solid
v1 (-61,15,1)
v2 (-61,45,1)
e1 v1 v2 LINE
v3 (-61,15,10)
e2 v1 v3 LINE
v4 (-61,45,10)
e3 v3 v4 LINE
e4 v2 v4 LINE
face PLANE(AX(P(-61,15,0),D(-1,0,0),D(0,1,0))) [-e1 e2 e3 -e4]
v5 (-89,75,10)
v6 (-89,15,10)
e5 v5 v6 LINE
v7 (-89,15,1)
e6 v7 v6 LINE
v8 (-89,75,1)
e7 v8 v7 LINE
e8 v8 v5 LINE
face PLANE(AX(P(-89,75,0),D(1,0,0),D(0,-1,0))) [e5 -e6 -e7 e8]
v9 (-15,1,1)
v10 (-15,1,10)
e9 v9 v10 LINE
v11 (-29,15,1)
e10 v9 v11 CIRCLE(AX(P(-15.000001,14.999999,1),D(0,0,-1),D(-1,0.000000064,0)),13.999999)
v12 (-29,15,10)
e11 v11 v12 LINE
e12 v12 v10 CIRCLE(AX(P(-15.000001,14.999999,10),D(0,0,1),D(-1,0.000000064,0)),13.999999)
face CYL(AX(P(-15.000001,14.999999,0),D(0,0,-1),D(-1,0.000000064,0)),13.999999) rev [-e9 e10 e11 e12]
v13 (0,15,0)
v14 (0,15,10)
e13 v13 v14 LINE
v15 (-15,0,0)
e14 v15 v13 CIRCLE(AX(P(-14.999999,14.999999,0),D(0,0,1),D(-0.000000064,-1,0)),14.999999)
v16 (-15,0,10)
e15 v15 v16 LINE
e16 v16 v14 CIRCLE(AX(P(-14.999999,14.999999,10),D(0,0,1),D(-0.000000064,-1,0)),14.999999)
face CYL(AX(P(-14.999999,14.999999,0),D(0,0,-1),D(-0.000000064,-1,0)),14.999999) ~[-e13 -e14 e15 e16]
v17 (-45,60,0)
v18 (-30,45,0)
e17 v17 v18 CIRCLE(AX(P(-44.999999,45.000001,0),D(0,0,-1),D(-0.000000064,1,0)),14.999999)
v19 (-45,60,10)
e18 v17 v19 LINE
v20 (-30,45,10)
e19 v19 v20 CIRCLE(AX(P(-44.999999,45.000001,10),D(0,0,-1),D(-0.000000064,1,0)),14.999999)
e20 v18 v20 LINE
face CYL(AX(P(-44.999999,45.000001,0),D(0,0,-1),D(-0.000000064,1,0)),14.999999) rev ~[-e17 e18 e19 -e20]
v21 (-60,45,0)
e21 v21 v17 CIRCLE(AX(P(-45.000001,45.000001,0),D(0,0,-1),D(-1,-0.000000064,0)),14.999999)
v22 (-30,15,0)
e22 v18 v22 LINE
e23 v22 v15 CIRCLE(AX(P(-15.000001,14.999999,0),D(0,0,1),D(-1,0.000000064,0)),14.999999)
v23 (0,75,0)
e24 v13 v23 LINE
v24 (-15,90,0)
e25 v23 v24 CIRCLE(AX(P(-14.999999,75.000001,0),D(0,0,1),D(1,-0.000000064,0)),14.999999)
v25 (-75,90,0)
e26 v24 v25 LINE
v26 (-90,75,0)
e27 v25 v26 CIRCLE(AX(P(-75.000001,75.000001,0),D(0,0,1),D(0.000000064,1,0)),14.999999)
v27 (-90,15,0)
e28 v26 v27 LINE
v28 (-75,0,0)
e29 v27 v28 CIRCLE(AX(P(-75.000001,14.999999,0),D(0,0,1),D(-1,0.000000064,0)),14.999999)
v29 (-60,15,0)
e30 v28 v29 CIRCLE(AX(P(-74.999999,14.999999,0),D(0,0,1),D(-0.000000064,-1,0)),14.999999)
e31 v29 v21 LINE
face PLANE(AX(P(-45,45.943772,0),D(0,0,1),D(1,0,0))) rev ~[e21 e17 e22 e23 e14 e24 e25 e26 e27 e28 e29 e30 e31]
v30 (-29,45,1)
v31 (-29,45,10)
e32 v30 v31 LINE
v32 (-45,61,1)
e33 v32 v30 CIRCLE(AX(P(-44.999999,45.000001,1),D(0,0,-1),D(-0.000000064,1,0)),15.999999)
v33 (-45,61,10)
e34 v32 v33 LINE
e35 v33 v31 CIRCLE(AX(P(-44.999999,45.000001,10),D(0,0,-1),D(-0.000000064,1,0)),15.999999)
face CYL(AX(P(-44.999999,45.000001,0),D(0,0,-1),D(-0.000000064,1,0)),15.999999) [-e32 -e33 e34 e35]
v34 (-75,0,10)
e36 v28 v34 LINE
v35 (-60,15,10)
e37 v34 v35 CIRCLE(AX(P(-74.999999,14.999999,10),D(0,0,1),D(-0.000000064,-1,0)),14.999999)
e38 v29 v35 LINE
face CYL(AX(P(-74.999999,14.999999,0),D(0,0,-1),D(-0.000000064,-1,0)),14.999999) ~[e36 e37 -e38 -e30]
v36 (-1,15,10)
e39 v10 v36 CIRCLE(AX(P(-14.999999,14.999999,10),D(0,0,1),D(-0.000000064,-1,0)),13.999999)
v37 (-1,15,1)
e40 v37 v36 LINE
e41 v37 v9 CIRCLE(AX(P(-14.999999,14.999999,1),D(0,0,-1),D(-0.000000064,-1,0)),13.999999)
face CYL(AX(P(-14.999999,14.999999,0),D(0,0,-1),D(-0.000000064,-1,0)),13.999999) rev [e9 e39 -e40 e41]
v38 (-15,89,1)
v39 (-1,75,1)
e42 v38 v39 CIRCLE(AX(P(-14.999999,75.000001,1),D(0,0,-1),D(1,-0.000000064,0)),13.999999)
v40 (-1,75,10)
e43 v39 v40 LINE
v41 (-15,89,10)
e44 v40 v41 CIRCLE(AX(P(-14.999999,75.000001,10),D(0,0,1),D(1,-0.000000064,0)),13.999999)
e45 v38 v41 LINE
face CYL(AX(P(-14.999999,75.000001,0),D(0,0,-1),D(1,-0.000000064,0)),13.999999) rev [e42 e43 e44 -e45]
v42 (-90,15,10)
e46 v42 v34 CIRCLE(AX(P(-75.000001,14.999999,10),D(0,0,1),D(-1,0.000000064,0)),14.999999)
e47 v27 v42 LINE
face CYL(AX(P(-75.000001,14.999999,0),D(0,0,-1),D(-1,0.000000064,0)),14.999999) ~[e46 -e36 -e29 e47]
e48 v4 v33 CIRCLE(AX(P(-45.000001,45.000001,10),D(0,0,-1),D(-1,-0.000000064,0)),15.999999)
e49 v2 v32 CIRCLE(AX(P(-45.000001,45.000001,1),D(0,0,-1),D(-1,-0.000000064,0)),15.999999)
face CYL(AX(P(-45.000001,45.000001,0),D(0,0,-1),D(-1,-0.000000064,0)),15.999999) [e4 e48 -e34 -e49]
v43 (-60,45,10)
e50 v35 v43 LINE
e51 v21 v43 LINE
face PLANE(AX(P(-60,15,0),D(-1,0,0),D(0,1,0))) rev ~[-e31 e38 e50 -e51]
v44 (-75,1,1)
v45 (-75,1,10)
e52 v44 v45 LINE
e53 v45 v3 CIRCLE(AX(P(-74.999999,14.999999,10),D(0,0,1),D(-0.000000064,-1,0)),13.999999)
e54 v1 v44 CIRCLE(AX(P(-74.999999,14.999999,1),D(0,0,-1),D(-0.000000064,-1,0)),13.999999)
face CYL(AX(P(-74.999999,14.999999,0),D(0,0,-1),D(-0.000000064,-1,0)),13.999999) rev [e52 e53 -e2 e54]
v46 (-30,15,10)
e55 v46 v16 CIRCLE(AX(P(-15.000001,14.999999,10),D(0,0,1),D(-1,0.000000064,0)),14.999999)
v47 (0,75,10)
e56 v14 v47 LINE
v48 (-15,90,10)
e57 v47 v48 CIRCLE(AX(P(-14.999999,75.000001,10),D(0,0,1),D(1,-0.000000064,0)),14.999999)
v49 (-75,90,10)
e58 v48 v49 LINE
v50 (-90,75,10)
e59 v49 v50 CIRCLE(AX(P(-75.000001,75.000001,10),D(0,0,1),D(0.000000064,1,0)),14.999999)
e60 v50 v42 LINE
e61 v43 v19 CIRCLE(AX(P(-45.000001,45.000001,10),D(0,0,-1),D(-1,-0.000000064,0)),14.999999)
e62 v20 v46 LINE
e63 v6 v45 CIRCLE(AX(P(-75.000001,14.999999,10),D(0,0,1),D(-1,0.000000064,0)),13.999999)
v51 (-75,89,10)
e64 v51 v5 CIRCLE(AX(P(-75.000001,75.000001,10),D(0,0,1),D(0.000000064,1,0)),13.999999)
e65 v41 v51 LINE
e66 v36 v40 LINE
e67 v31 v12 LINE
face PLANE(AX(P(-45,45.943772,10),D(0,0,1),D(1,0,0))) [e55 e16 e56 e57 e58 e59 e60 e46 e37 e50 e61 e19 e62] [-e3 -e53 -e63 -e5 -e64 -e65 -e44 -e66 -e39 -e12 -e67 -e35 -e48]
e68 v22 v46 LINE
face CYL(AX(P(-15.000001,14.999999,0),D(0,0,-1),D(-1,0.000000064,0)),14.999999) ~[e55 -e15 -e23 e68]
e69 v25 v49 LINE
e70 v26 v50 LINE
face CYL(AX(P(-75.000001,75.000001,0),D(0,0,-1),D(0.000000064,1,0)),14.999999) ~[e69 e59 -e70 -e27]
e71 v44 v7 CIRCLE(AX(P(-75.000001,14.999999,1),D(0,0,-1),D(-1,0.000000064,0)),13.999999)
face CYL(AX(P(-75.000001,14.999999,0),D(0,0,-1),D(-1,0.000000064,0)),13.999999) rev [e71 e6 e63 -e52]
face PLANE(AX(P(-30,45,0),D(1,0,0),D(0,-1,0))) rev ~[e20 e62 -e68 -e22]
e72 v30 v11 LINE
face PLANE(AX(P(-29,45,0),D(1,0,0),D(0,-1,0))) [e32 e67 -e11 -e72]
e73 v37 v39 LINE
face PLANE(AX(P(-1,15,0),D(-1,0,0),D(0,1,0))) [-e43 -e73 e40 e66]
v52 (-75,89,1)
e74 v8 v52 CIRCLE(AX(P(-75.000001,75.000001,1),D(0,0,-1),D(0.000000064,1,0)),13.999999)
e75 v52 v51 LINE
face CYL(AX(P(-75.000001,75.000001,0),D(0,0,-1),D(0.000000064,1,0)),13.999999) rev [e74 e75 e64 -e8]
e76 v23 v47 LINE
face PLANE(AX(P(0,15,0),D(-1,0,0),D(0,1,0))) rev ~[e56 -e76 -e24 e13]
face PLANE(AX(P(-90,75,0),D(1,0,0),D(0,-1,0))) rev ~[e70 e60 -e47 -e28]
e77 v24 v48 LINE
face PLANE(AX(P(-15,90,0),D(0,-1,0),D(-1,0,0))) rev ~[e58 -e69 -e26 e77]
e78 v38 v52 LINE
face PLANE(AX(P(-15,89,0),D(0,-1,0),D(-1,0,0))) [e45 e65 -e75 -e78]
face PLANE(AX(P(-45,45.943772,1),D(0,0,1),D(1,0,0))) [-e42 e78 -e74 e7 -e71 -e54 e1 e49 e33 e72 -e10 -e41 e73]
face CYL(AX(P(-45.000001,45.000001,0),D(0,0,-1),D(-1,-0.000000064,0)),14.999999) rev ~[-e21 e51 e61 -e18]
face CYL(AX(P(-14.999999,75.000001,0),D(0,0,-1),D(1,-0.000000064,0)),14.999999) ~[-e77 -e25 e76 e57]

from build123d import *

# Parameters (mm, degrees)
F1_DEPTH = 10
F2_T     = -1


with BuildPart() as f1:
    # F0 (on Top) → F1 (new body)
    with BuildSketch(Plane.XY):
        with BuildLine():
            Line((-90, 75), (-90, 15))
            ThreePointArc((-90, 15), (-85.606602, 4.393398), (-75, 0))
            ThreePointArc((-75, 0), (-64.393398, 4.393398), (-60, 15))
            Line((-60, 15), (-60, 45))
            ThreePointArc((-60, 45), (-55.606602, 55.606602), (-45, 60))
            ThreePointArc((-45, 60), (-34.393398, 55.606602), (-30, 45))
            Line((-30, 45), (-30, 15))
            ThreePointArc((-30, 15), (-25.606602, 4.393398), (-15, 0))
            ThreePointArc((-15, 0), (-4.393398, 4.393398), (0, 15))
            Line((0, 15), (0, 75))
            ThreePointArc((0, 75), (-4.393398, 85.606602), (-15, 90))
            Line((-15, 90), (-75, 90))
            ThreePointArc((-75, 90), (-85.606602, 85.606602), (-90, 75))
        make_face()
    extrude(amount=F1_DEPTH)

    # F2
    f2_openings = [f1.faces().sort_by_distance(p)[0] for p in [
        (-5.293398, 84.706602, 10),
    ]]
    offset(amount=F2_T, openings=f2_openings)


solid = f1.part
